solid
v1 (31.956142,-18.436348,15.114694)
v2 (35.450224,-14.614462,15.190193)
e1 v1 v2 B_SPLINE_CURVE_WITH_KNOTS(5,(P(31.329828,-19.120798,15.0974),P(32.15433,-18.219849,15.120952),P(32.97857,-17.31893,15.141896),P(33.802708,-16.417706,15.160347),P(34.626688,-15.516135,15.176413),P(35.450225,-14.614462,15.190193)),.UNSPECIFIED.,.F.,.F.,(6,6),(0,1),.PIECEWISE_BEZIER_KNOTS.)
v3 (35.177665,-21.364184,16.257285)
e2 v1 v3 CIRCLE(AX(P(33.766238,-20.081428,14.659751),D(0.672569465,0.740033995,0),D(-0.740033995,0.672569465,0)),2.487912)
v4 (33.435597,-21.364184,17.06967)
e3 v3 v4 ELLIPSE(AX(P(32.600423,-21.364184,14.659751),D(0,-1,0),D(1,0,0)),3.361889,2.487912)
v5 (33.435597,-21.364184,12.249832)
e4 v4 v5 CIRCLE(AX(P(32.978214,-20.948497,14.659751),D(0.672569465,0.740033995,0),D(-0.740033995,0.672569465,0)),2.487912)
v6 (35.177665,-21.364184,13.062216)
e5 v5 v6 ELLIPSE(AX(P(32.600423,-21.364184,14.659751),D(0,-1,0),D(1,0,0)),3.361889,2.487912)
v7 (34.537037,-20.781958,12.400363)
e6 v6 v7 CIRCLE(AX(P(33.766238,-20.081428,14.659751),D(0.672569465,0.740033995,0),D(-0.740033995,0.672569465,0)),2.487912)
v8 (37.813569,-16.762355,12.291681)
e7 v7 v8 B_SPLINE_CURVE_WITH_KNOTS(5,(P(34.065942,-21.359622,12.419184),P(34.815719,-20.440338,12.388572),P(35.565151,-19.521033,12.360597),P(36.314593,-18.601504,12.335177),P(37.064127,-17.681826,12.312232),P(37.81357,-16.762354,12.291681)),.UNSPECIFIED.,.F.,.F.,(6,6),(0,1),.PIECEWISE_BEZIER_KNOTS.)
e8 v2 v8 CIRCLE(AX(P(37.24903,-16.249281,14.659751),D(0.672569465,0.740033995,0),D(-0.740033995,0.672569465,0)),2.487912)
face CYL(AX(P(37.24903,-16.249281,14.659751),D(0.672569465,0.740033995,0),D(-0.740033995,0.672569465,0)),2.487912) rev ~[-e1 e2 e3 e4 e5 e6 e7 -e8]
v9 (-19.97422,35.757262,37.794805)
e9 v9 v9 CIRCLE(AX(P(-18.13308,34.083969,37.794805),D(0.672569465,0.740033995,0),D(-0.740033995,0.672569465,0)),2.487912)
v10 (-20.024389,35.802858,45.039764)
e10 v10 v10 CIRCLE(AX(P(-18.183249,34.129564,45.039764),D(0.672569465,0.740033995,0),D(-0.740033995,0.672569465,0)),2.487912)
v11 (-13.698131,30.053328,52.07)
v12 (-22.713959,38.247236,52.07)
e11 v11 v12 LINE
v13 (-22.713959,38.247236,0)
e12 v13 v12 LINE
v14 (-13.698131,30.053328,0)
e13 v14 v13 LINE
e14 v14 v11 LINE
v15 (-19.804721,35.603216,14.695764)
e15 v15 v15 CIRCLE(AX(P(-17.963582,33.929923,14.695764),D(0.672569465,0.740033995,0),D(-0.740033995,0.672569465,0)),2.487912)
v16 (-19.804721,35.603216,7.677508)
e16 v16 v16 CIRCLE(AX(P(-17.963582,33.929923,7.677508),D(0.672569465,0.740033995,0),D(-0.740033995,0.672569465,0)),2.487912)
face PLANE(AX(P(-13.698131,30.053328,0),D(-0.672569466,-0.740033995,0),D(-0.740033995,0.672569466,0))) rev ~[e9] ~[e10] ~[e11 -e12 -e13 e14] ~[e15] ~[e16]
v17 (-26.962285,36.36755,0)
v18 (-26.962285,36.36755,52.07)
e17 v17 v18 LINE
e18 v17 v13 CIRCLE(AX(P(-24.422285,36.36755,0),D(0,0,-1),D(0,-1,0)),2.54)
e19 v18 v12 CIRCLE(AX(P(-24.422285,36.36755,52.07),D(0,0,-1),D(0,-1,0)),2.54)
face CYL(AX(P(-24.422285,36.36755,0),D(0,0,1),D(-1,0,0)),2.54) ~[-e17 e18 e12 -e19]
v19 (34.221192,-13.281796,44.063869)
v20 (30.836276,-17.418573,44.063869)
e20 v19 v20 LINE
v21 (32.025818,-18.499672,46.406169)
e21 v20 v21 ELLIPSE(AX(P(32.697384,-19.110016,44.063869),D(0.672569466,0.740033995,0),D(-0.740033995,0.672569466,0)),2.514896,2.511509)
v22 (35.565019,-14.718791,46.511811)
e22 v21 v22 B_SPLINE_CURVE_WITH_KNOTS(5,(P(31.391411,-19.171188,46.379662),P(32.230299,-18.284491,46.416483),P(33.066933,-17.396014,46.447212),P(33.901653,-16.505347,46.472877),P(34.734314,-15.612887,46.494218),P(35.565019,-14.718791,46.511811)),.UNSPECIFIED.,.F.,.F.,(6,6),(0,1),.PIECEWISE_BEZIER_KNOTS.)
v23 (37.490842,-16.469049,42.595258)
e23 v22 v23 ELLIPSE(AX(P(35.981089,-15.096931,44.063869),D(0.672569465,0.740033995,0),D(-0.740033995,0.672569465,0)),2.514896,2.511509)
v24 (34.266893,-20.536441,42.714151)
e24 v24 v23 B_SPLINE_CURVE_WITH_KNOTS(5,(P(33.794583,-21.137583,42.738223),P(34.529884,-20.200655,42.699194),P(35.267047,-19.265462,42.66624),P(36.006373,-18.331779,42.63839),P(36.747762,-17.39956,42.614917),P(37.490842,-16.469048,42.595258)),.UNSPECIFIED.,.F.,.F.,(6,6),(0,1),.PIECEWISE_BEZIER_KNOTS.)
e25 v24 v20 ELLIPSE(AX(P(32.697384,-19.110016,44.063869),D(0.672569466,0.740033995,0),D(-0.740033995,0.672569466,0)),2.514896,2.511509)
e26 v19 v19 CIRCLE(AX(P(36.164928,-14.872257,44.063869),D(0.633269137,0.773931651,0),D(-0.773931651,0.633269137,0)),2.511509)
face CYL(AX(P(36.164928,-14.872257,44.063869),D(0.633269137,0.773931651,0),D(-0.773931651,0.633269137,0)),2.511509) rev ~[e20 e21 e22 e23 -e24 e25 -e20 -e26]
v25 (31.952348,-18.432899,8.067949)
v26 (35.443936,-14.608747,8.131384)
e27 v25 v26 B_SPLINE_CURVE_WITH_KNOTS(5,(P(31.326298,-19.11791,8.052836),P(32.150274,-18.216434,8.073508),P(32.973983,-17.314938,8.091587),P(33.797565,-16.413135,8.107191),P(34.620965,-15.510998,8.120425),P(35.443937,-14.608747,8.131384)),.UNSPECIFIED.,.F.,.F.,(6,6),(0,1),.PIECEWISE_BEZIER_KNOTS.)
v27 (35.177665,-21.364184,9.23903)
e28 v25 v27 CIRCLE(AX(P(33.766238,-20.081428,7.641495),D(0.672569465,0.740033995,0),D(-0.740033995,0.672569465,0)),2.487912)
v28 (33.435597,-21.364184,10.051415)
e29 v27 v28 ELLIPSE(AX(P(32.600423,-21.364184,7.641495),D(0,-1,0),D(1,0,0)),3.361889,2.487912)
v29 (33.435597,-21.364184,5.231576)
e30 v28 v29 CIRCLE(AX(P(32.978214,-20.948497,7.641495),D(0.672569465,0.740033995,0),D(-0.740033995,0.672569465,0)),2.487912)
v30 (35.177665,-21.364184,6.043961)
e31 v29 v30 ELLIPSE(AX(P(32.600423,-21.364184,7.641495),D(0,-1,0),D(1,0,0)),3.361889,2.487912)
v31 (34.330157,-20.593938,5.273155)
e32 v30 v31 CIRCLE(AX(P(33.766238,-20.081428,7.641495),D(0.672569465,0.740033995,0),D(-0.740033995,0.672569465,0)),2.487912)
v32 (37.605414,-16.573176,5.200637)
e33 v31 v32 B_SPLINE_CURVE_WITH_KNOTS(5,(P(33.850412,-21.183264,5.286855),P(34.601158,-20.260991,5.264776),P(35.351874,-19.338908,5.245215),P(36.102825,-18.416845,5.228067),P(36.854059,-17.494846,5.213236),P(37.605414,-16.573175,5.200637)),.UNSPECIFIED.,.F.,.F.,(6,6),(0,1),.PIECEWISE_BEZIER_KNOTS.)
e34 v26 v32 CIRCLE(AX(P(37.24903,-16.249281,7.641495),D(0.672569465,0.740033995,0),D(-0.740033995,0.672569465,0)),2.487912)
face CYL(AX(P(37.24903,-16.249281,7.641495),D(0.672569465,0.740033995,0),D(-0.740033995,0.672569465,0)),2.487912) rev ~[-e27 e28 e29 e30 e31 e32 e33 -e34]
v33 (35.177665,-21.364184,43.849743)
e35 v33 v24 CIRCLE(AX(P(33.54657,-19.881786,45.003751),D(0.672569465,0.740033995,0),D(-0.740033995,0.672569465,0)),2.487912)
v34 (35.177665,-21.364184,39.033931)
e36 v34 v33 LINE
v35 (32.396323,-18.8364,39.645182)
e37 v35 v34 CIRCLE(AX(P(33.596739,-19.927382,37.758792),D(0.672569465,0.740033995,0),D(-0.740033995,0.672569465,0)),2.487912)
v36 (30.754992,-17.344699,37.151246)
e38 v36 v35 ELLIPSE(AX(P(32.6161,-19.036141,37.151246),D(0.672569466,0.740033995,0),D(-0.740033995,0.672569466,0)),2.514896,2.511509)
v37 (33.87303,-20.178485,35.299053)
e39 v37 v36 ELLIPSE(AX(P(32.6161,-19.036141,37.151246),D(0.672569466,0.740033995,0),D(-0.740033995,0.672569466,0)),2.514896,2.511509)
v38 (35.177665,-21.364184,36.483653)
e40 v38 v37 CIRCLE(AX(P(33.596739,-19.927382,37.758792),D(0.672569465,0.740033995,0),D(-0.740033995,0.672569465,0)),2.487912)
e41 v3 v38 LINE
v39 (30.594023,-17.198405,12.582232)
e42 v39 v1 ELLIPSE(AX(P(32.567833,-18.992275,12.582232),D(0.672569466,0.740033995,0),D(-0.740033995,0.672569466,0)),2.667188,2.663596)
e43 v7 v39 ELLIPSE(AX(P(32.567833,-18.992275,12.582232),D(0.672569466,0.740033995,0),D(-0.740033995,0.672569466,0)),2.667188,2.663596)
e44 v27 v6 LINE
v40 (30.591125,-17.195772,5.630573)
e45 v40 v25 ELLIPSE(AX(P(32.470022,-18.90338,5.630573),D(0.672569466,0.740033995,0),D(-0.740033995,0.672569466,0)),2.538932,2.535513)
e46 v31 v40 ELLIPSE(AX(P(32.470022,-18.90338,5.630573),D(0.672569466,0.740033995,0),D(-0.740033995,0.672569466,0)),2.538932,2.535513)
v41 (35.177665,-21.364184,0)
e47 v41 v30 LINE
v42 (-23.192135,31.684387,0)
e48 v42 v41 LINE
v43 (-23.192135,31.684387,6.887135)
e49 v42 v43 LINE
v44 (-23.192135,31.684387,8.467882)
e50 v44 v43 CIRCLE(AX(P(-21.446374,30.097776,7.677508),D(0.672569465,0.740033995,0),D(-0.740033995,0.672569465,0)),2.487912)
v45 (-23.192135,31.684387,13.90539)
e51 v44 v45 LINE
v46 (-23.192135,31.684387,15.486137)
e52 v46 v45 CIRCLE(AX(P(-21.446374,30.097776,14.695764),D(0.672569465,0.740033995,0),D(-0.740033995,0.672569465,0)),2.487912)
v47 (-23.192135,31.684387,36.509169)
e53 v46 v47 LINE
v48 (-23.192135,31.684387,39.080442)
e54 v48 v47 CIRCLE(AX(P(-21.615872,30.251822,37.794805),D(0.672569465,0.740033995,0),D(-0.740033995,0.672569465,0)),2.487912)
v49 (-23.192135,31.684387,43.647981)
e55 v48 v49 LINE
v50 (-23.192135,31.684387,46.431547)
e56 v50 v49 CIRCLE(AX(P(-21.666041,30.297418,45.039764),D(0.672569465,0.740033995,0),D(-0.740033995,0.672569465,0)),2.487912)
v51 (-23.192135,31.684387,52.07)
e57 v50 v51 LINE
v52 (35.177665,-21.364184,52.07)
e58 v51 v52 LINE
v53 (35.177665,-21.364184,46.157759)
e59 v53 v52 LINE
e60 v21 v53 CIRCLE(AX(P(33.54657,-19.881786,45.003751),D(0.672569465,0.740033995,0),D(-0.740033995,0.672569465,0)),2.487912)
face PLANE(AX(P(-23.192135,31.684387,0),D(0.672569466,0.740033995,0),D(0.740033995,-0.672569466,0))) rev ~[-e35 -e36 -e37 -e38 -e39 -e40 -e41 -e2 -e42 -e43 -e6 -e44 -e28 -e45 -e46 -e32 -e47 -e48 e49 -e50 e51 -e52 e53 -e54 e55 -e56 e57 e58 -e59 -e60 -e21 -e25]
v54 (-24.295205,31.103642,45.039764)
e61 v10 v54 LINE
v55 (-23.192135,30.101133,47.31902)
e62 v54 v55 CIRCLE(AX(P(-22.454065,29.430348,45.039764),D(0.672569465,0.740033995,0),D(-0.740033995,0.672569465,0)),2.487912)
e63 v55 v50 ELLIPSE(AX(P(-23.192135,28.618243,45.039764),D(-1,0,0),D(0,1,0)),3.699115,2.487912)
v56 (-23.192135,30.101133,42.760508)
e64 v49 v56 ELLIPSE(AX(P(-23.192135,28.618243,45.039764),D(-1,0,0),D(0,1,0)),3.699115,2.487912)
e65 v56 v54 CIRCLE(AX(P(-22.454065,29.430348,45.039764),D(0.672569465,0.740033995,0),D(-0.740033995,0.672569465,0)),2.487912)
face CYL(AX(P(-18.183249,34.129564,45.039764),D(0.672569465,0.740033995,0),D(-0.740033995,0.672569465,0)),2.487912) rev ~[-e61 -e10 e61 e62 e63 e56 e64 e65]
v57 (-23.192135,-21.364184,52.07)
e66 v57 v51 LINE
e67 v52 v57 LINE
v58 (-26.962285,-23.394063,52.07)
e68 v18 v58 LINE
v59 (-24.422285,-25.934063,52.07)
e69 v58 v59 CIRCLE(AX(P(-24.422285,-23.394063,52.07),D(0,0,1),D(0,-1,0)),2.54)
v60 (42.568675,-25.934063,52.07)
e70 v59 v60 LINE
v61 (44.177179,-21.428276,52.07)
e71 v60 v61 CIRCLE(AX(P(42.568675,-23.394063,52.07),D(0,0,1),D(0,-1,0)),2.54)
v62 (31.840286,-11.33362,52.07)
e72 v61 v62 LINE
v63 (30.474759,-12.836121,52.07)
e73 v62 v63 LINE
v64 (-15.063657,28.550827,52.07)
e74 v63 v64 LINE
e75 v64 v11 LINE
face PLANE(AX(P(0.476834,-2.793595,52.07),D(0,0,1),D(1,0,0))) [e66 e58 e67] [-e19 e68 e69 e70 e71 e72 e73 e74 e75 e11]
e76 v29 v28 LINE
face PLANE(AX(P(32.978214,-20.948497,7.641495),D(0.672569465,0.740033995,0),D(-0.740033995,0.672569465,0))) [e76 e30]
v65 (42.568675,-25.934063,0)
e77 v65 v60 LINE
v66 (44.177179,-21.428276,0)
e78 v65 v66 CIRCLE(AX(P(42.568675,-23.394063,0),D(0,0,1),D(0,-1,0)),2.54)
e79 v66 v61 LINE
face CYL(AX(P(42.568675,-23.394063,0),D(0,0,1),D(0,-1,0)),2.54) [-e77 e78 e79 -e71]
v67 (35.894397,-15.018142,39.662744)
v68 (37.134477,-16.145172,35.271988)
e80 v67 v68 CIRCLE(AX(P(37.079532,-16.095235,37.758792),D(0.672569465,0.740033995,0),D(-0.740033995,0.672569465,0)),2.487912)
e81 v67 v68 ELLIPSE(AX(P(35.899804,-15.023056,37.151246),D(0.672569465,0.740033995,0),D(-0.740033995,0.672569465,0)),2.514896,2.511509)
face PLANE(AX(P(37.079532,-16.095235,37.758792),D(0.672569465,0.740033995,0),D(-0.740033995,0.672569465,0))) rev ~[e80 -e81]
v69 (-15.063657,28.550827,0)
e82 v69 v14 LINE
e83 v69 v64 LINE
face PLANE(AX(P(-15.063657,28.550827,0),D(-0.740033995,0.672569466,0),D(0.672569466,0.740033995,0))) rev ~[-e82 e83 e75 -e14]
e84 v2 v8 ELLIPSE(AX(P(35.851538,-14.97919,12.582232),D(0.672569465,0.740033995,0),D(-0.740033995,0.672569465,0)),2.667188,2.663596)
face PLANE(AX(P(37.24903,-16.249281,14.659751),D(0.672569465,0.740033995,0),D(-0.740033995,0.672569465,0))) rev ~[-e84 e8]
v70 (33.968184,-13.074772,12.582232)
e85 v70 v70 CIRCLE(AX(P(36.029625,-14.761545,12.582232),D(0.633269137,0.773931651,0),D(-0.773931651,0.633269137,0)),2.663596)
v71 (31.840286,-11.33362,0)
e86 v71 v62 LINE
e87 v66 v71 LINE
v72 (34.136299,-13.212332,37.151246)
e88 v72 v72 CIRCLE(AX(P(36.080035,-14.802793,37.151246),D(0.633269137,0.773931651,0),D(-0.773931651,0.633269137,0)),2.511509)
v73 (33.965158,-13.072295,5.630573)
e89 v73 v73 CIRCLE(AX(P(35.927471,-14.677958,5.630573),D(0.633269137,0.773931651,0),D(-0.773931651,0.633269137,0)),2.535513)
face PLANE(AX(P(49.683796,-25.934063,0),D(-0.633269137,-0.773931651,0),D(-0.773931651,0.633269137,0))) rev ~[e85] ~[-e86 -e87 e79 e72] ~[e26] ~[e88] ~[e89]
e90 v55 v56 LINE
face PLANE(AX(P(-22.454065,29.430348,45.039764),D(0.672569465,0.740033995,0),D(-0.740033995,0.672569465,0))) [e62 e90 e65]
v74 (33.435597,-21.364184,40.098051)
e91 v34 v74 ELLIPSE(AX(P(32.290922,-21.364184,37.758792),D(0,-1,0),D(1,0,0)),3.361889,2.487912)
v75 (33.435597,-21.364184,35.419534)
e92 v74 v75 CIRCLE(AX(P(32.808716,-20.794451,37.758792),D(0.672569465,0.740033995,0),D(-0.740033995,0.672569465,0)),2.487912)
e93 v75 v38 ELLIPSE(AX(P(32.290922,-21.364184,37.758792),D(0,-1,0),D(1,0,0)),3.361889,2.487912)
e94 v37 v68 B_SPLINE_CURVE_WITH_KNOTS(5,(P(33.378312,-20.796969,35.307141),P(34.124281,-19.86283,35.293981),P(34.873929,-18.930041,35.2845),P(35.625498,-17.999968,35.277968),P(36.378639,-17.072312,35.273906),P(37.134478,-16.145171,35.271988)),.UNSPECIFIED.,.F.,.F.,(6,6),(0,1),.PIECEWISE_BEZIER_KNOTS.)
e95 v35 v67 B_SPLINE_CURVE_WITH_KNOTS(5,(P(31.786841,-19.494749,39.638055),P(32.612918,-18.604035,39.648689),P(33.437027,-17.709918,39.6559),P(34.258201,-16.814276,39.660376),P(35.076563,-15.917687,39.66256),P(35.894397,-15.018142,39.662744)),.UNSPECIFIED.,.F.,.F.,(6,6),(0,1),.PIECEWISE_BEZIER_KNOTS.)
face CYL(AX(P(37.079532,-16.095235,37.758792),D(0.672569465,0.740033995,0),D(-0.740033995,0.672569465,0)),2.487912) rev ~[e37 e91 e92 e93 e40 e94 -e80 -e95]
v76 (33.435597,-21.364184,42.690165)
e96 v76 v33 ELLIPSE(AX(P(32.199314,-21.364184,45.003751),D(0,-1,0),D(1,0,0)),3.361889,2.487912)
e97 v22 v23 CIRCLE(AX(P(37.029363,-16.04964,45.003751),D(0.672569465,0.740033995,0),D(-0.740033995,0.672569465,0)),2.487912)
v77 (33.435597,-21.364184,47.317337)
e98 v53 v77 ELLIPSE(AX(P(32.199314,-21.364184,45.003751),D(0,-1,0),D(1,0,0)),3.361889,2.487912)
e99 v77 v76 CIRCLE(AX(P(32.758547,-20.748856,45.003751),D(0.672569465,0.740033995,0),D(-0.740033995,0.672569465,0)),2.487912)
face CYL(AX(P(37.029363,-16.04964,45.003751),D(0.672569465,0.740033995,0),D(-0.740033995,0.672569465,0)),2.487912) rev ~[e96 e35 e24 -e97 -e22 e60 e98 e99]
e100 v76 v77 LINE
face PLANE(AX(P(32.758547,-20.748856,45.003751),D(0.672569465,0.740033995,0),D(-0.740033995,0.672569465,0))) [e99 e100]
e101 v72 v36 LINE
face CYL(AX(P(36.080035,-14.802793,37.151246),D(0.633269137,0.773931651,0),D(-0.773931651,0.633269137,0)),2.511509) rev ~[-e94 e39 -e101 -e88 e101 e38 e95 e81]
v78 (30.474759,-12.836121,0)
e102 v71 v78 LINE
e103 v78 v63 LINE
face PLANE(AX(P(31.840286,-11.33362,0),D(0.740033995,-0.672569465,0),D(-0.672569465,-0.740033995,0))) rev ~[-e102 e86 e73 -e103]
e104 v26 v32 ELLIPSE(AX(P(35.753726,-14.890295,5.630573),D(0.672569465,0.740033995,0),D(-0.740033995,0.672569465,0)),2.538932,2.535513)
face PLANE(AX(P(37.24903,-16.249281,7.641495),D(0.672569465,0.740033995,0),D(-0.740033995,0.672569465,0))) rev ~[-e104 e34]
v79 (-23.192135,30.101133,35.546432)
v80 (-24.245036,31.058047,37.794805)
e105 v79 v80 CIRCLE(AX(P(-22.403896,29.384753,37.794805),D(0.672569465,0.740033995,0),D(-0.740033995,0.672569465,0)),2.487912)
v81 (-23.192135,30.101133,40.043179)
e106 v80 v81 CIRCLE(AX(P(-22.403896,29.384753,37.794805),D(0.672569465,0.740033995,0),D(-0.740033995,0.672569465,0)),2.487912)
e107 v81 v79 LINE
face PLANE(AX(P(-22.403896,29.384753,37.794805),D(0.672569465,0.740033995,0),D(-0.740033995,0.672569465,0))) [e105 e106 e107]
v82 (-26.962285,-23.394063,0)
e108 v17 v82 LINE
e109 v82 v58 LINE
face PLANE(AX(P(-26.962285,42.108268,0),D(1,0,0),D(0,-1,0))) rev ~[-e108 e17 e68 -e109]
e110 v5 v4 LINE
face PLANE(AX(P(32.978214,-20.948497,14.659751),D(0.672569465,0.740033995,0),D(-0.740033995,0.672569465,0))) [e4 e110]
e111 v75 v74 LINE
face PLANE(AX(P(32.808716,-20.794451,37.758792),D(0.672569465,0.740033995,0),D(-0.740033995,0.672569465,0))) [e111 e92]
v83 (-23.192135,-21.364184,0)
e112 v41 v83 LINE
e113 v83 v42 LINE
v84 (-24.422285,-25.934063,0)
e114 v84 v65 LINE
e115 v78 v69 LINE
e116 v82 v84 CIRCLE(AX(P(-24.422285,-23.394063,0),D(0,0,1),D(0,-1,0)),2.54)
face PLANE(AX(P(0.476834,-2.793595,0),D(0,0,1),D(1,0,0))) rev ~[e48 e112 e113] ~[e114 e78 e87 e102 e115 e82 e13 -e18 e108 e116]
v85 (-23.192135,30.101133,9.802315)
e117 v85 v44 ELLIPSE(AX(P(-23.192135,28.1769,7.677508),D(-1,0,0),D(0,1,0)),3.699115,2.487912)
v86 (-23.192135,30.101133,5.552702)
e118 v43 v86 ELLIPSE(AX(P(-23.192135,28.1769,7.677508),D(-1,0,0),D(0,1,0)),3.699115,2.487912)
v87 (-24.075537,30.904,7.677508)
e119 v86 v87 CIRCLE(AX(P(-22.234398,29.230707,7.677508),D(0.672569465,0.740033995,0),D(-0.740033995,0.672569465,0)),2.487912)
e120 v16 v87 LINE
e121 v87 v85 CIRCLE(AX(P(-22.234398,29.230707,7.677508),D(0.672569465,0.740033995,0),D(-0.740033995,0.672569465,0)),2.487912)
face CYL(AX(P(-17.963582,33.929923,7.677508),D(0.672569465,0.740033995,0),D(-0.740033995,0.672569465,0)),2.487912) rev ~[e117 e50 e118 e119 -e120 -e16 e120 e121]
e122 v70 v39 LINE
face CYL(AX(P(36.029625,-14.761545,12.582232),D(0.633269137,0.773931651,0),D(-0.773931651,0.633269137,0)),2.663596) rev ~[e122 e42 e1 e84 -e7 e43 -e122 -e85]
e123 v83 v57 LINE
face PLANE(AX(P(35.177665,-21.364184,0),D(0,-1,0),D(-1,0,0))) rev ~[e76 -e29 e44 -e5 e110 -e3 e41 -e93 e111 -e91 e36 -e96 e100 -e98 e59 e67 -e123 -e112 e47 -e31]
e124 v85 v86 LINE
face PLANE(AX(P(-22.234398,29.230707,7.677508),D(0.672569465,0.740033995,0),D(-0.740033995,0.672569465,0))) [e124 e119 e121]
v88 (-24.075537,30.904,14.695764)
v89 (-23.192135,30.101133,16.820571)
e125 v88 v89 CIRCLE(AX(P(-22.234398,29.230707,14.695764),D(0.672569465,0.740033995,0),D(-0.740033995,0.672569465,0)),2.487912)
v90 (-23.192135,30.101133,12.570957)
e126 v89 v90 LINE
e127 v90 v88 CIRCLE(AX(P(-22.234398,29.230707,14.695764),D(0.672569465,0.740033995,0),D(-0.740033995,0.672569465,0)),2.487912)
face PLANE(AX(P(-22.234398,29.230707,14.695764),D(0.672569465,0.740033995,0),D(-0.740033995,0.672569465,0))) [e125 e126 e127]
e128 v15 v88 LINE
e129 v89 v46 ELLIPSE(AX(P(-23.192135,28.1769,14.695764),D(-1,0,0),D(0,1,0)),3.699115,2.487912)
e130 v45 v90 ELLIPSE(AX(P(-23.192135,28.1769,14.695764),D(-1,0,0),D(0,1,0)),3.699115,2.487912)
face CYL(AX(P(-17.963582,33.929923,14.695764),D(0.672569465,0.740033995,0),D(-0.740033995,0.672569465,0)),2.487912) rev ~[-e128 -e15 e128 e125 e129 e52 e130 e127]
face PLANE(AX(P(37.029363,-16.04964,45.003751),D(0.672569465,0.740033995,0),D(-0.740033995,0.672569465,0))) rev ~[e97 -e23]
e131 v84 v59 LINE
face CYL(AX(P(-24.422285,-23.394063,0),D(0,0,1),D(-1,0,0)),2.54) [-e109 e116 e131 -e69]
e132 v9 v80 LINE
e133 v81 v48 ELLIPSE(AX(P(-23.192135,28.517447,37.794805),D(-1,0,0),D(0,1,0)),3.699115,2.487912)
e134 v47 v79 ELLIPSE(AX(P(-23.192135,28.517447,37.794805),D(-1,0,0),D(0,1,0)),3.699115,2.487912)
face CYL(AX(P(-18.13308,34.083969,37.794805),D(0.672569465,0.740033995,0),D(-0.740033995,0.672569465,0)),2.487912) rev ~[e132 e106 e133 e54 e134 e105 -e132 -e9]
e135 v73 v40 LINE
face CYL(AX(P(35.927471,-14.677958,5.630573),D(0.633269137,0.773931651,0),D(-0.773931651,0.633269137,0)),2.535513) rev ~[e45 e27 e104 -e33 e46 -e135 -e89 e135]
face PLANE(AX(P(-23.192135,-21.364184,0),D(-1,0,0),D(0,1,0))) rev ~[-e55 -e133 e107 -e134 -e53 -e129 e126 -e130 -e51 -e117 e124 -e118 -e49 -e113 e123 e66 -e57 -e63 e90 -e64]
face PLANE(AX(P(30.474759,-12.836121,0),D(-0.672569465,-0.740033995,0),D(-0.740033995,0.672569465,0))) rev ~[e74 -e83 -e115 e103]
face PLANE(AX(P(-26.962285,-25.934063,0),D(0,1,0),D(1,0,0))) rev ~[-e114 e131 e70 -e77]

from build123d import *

# Parameters (mm, degrees)
BOSS_EXTRUDE2_DEPTH = 52.07
FILLET1_R           = 2.54
FILLET2_R           = 2.54
SKETCH2_R           = 2.487911977
CUT_EXTRUDE1_DEPTH  = 6.35
SKETCH3_R           = 2.511508717
CUT_EXTRUDE2_DEPTH  = 6.35
SKETCH4_R           = 2.535513074
SKETCH4_R_2         = 2.663596319
CUT_EXTRUDE3_DEPTH  = 6.35


with BuildPart() as part:
    # Sketch1 → Boss-Extrude2 (new body)
    with BuildSketch(Plane.XY):
        Polygon((-26.962285336, 42.108267604), (-26.962285336, -25.93406259), (49.683796158, -25.93406259), (31.840285665, -11.333620206), (30.474759276, -12.836120693), (-15.063657258, 28.550827293), (-13.698130869, 30.053327779), align=None)
        Polygon((-23.192135268, -21.36418372), (-23.192135268, 31.68438668), (35.177665187, -21.36418372), align=None, mode=Mode.SUBTRACT)
    extrude(amount=BOSS_EXTRUDE2_DEPTH)

    # Fillet1
    fillet1_edges = [part.edges().sort_by_distance(p)[0] for p in [
        (49.683796158, -25.93406259, 26.035),
        (-26.962285336, 42.108267604, 26.035),
    ]]
    fillet(fillet1_edges, radius=FILLET1_R)

    # Fillet2
    fillet2_edges = [part.edges().sort_by_distance(p)[0] for p in [
        (-26.962285336, -25.93406259, 26.035),
    ]]
    fillet(fillet2_edges, radius=FILLET2_R)

    # Sketch2 → Cut-Extrude1 (cut)
    with BuildSketch(Plane(origin=(8.761925392, 9.640822229, 0), x_dir=(0.7400339952176945, -0.6725694654993916, 0), z_dir=(0.6725694654993916, 0.7400339952176945, 0))):
        with Locations(Location((-36.410725244, -45.039764093, 0), (0, 0, 180))):
            Circle(SKETCH2_R)
        with Locations(Location((-36.342932428, -37.794805414, 0), (0, 0, 180))):
            Circle(SKETCH2_R)
        with Locations(Location((-36.113890977, -14.695763967, 0), (0, 0, 180))):
            Circle(SKETCH2_R)
        with Locations(Location((-36.113890977, -7.677508428, 0), (0, 0, 180))):
            Circle(SKETCH2_R)
        with Locations(Location((38.19748483, -45.003751016, 0), (0, 0, 180))):
            Circle(SKETCH2_R)
        with Locations(Location((38.265277646, -37.758792337, 0), (0, 0, 180))):
            Circle(SKETCH2_R)
        with Locations(Location((38.494319097, -14.659750891, 0), (0, 0, 180))):
            Circle(SKETCH2_R)
        with Locations(Location((38.494319097, -7.641495351, 0), (0, 0, 180))):
            Circle(SKETCH2_R)
    extrude(amount=-CUT_EXTRUDE1_DEPTH, mode=Mode.SUBTRACT)

    # Sketch3 → Cut-Extrude2 (cut)
    with BuildSketch(Plane(origin=(7.214216448, 8.816647023, 0), x_dir=(0.773931651192209, -0.6332691365311442, 0), z_dir=(0.6332691365311442, 0.773931651192209, 0))):
        with Locations(Location((37.297632804, -37.151246131, 0), (0, 0, 180))):
            Circle(SKETCH3_R)
        with Locations(Location((37.407323838, -44.063868687, 0), (0, 0, 180))):
            Circle(SKETCH3_R)
    extrude(amount=-CUT_EXTRUDE2_DEPTH, mode=Mode.SUBTRACT)

    # Sketch4 → Cut-Extrude3 (cut)
    with BuildSketch(Plane(origin=(7.214216448, 8.816647023, 0), x_dir=(0.773931651192209, -0.6332691365311442, 0), z_dir=(0.6332691365311442, 0.773931651192209, 0))):
        with Locations(Location((37.100504768, -5.630572581, 0), (0, 0, 180))):
            Circle(SKETCH4_R)
        with Locations(Location((37.232498306, -12.582232269, 0), (0, 0, 180))):
            Circle(SKETCH4_R_2)
    extrude(amount=-CUT_EXTRUDE3_DEPTH, mode=Mode.SUBTRACT)


solid = part.part
